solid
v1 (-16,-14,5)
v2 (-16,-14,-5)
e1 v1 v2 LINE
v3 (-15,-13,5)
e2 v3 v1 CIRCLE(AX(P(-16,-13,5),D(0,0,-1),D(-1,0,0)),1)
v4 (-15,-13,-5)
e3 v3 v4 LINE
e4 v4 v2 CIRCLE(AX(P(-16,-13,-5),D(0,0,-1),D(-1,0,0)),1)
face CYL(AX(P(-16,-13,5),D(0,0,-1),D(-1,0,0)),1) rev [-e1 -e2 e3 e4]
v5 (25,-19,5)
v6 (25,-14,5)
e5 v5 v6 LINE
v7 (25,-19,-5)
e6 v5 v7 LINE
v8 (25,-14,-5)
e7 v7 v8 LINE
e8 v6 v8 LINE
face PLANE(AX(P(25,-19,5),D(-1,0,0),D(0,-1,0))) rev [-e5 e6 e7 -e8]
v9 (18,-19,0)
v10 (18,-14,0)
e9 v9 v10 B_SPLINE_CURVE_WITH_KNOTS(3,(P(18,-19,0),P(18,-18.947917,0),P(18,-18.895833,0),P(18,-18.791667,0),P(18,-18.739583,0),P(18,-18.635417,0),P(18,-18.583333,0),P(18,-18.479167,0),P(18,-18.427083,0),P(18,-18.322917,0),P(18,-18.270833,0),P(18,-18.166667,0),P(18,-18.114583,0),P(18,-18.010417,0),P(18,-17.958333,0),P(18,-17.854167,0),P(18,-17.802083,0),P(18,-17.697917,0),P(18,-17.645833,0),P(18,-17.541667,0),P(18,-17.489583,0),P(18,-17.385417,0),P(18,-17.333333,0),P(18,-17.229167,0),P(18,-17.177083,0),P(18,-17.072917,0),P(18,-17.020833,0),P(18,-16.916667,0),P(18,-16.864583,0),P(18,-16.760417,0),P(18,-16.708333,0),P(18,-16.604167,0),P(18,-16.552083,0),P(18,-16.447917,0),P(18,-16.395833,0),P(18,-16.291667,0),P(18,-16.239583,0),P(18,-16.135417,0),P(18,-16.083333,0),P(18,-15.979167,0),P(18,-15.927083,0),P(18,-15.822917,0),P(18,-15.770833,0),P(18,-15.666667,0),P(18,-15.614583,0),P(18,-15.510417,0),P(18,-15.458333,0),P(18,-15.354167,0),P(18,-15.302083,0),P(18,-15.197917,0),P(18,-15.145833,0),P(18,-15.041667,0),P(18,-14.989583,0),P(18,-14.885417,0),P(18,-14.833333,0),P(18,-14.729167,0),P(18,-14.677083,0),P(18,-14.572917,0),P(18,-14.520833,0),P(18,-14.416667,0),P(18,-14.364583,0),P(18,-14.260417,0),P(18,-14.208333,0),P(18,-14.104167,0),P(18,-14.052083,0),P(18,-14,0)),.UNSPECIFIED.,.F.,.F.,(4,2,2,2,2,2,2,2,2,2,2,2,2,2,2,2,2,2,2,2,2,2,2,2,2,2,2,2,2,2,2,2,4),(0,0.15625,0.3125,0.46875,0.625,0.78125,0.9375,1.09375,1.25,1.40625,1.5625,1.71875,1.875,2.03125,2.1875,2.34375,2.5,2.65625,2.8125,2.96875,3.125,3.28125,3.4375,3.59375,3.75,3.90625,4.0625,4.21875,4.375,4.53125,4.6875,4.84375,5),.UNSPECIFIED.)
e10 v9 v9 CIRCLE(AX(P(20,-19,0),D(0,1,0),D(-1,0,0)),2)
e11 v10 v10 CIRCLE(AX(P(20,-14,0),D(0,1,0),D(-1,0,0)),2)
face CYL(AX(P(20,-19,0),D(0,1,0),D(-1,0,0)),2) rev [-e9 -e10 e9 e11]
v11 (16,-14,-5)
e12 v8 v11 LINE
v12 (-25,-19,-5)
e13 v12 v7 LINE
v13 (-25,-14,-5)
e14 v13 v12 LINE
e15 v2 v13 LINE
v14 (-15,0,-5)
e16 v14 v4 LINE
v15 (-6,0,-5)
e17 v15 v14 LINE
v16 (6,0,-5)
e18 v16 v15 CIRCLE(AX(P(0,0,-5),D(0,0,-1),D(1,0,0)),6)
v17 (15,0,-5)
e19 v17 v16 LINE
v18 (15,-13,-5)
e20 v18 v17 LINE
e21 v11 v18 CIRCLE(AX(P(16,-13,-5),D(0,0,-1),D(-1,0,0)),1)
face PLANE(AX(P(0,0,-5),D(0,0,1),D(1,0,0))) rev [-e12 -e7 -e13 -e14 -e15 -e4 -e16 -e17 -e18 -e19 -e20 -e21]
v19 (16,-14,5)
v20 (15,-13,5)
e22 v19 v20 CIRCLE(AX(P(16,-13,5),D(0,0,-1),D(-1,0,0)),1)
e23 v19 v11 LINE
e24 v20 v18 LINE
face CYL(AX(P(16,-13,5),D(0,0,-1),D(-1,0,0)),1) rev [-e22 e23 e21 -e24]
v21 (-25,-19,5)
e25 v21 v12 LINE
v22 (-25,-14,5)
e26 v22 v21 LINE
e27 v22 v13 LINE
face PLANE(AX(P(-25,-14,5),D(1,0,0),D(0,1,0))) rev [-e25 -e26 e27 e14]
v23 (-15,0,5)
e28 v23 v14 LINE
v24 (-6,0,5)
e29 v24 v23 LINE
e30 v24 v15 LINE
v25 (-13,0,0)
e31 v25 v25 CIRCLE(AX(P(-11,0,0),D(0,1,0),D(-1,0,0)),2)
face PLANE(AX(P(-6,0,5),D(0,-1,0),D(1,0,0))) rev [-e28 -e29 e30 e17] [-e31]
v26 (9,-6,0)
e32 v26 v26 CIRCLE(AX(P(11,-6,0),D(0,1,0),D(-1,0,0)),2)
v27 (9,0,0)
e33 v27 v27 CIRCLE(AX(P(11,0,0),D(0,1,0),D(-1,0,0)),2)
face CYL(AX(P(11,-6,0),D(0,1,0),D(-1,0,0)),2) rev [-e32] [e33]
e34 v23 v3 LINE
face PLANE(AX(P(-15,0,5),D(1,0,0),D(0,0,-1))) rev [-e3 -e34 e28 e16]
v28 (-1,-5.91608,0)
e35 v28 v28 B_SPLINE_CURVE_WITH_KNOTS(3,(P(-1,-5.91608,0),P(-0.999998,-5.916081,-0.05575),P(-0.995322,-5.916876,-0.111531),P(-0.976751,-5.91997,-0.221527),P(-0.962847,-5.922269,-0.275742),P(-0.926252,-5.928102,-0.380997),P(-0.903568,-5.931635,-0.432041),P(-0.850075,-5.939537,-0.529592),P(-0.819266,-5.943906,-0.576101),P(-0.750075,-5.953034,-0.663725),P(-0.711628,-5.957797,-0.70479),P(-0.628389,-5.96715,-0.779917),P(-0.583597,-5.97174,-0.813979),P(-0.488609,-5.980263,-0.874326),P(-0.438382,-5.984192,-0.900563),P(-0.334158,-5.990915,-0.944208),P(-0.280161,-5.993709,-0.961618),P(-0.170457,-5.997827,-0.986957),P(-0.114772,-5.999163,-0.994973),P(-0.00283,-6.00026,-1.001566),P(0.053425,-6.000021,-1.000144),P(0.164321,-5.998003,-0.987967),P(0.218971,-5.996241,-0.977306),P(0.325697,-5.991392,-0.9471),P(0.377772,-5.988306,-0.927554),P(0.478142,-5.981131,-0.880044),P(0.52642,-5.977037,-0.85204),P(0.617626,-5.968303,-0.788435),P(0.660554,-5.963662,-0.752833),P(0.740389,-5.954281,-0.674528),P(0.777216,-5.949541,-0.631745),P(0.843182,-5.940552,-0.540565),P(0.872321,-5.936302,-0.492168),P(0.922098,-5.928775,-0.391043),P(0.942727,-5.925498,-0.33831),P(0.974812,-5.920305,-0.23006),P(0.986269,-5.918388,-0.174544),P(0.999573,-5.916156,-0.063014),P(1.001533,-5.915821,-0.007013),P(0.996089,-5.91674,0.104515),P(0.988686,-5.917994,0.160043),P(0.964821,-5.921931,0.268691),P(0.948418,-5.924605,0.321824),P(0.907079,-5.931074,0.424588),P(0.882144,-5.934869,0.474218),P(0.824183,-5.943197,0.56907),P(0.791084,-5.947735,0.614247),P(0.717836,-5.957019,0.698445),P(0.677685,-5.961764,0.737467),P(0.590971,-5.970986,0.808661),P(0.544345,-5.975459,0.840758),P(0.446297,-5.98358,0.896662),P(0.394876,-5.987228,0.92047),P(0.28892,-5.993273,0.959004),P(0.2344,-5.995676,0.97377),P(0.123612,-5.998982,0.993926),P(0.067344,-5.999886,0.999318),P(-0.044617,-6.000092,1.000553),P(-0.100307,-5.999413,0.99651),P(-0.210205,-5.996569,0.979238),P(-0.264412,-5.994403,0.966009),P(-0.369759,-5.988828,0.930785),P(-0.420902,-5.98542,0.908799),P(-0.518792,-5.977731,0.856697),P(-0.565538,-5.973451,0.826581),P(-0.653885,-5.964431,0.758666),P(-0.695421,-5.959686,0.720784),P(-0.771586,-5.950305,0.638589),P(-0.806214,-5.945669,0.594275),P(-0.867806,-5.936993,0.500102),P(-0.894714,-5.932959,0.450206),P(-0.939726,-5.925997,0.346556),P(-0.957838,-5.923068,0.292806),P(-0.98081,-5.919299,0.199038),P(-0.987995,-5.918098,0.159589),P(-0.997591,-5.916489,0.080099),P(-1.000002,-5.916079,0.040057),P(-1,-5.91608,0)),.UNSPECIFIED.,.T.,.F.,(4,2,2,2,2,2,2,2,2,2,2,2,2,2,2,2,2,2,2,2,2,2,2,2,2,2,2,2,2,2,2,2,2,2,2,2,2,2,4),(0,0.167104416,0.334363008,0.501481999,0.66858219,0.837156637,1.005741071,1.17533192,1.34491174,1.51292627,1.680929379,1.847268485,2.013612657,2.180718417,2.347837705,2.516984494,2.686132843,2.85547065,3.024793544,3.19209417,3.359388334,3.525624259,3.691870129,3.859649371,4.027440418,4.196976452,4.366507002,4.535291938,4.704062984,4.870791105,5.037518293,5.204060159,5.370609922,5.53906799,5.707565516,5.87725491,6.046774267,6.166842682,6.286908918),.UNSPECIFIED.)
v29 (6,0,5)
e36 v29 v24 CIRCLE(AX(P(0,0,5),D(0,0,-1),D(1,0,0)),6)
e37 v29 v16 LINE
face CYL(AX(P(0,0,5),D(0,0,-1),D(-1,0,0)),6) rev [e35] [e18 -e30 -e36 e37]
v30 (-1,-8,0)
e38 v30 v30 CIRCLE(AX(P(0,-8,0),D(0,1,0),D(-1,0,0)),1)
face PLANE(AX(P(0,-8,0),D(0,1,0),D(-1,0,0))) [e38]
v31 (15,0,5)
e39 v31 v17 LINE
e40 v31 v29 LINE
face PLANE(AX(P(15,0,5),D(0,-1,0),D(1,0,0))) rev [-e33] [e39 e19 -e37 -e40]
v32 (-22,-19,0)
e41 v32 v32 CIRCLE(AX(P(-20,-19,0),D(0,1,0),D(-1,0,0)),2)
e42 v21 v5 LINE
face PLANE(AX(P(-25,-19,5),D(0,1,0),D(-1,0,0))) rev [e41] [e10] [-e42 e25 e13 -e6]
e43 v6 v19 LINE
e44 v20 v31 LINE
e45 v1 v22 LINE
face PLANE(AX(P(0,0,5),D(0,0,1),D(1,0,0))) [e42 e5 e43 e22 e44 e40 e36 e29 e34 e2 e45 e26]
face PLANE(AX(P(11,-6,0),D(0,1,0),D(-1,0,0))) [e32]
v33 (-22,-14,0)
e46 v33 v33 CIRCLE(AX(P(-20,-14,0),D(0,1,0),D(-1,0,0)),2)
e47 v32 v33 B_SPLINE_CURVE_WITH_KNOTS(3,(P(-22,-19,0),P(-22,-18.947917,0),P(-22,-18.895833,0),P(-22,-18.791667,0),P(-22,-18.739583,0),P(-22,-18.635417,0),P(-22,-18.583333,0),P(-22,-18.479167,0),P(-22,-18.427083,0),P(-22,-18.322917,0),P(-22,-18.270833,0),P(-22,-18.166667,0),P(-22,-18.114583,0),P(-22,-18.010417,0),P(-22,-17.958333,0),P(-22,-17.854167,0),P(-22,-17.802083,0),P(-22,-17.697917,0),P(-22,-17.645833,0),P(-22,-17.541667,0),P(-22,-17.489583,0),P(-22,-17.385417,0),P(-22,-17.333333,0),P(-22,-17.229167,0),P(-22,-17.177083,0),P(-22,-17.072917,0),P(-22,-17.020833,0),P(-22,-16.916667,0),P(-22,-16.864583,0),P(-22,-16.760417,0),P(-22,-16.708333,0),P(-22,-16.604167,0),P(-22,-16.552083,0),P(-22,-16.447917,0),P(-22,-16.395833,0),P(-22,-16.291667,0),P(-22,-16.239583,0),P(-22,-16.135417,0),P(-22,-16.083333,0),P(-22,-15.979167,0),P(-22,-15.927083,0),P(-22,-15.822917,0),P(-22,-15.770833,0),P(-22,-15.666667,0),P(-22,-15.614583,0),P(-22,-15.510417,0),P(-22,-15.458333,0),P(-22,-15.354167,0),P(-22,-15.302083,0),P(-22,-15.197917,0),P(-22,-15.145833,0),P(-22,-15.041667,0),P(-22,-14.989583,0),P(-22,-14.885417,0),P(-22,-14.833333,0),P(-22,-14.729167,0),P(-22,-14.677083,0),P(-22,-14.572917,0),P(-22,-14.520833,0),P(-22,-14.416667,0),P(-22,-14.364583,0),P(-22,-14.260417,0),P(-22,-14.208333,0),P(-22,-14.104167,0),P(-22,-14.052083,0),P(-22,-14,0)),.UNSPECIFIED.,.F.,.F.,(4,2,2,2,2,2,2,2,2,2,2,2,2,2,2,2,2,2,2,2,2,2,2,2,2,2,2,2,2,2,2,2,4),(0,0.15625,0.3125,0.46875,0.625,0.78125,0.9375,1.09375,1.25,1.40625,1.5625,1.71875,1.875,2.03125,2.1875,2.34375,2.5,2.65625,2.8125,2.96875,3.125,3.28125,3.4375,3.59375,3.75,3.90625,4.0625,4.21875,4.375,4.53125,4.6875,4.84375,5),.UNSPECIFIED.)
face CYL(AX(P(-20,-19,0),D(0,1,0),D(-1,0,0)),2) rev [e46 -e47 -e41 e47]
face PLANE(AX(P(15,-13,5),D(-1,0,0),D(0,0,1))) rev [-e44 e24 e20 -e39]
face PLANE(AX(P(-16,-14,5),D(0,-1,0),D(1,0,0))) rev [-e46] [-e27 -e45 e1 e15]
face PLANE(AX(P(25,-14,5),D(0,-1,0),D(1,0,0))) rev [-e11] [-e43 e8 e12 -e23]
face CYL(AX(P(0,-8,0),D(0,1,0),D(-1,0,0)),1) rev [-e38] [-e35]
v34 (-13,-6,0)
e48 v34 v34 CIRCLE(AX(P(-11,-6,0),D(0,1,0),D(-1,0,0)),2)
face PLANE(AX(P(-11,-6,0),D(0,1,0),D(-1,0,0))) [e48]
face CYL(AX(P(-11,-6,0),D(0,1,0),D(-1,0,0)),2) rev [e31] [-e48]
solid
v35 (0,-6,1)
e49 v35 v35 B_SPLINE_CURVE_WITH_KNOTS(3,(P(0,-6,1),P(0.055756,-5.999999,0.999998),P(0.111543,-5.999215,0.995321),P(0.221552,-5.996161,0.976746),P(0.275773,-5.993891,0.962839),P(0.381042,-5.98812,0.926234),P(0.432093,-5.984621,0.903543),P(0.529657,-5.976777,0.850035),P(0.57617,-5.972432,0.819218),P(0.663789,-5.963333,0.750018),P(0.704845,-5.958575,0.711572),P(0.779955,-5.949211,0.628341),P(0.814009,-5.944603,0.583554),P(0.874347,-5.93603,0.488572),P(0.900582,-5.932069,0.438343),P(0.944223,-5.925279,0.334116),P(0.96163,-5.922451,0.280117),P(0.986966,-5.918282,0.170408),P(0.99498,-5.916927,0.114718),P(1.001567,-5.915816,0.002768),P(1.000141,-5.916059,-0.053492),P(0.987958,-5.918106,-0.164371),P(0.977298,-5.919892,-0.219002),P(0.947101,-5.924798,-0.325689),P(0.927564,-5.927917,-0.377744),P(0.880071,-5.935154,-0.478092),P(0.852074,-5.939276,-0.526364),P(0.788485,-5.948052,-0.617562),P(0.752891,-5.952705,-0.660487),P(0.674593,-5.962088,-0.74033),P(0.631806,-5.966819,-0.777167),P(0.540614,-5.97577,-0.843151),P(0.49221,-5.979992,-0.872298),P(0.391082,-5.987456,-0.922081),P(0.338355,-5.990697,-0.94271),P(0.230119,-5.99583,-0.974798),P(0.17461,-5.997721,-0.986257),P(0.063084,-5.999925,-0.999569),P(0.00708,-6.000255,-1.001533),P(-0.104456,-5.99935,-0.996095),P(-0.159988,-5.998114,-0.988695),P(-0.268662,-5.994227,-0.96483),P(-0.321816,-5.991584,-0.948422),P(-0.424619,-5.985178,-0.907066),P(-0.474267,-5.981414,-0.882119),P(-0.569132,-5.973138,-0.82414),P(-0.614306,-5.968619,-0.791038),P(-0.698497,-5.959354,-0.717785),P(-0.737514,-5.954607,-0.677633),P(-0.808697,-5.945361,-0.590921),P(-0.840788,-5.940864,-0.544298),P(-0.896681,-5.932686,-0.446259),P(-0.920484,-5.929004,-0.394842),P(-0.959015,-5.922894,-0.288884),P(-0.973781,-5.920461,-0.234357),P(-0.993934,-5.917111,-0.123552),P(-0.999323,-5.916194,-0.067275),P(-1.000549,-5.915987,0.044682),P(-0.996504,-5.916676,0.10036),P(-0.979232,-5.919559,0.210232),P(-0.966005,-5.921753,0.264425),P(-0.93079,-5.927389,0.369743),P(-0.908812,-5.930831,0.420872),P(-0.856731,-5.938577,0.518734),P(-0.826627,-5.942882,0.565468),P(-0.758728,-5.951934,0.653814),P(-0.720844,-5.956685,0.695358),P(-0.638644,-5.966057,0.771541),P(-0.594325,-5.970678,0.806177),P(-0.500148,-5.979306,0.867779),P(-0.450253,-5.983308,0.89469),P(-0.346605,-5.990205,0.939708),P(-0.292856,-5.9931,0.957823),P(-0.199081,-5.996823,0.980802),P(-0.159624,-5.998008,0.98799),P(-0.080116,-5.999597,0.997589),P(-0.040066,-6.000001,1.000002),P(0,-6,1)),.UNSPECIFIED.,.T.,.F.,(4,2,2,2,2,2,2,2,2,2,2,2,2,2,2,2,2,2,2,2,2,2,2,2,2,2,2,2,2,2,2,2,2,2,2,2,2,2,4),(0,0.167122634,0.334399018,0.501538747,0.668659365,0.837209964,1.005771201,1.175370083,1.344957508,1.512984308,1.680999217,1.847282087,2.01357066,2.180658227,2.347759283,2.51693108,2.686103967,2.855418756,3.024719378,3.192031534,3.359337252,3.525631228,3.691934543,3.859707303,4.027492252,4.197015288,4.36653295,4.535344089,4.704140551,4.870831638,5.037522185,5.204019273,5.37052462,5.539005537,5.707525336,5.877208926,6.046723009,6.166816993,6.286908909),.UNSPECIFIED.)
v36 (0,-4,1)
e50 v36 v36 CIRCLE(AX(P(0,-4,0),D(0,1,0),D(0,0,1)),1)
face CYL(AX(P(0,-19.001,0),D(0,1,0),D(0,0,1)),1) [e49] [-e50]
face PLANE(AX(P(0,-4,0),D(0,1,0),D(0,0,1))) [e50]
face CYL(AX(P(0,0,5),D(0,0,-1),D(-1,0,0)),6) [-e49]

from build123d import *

# Parameters (mm, degrees)
BOSS_EXTRUDE1_DEPTH      = 5
SKETCH2_R                = 2
CUT_EXTRUDE1_DEPTH       = 30.086079144
SKETCH3_R                = 2
CUT_EXTRUDE2_DEPTH       = 6
SKETCH4_R                = 1
CUT_EXTRUDE3_DEPTH       = 8
BOSS_EXTRUDE3_REACH      = 31.58
BOSS_EXTRUDE3_END_RADIUS = 6
SKETCH5_R                = 1


with BuildPart() as part:
    # Sketch1 → Boss-Extrude1 (new, symmetric)
    with BuildSketch(Plane.XY):
        with BuildLine():
            Line((-6, 0), (-15, 0))
            Line((-15, 0), (-15, -13))
            ThreePointArc((-15, -13), (-15.292893219, -13.707106781), (-16, -14))
            Line((-16, -14), (-25, -14))
            Line((-25, -14), (-25, -19))
            Line((-25, -19), (25, -19))
            Line((25, -19), (25, -14))
            Line((25, -14), (16, -14))
            ThreePointArc((16, -14), (15.292893219, -13.707106781), (15, -13))
            Line((15, -13), (15, 0))
            Line((15, 0), (6, 0))
            ThreePointArc((6, 0), (0, -6), (-6, 0))
        make_face()
    extrude(amount=BOSS_EXTRUDE1_DEPTH, both=True)

    # Sketch2 → Cut-Extrude1 (cut, through all)
    with BuildSketch(Plane(origin=(0, -14, 0), x_dir=(1, 0, 0), z_dir=(0, 1, 0))):
        with Locations(Location((-20, 0, 0), (0, 0, 180))):
            Circle(SKETCH2_R)
        with Locations(Location((20, 0, 0), (0, 0, 180))):
            Circle(SKETCH2_R)
    extrude(amount=-CUT_EXTRUDE1_DEPTH, mode=Mode.SUBTRACT)

    # Sketch3 → Cut-Extrude2 (cut)
    with BuildSketch(Plane(origin=(0, 0, 0), x_dir=(1, 0, 0), z_dir=(0, 1, 0))):
        with Locations(Location((-11, 0, 0), (0, 0, 180))):
            Circle(SKETCH3_R)
        with Locations(Location((11, 0, 0), (0, 0, 180))):
            Circle(SKETCH3_R)
    extrude(amount=-CUT_EXTRUDE2_DEPTH, mode=Mode.SUBTRACT)

    # Sketch4 → Cut-Extrude3 (cut)
    with BuildSketch(Plane(origin=(0, 0, 0), x_dir=(1, 0, 0), z_dir=(0, 1, 0))):
        with Locations(Location((0, 0, 0), (0, 0, 180))):
            Circle(SKETCH4_R)
    extrude(amount=-CUT_EXTRUDE3_DEPTH, mode=Mode.SUBTRACT)


with BuildPart() as body_2:
    # Boss-Extrude3: up to this cylinder (the profile starts inside it)
    boss_extrude3_end = Plane(origin=(0, 0, 0), z_dir=(0, 0, -1)) * Cylinder(BOSS_EXTRUDE3_END_RADIUS, 76.16, mode=Mode.PRIVATE)
    # Sketch5 → Boss-Extrude3 (new, up to the surface)
    with BuildSketch(Plane(origin=(0, -4, 0), x_dir=(1, 0, 0), z_dir=(0, 1, 0)), mode=Mode.PRIVATE) as boss_extrude3_sk1:
        with Locations(Location((0, 0, 0), (0, 0, 270))):
            Circle(SKETCH5_R)
    boss_extrude3_tool1 = extrude(boss_extrude3_sk1.sketch, amount=-BOSS_EXTRUDE3_REACH, mode=Mode.PRIVATE) & boss_extrude3_end
    add(boss_extrude3_tool1.solids().sort_by_distance((0, -4, 0))[0])


solid = Compound([part.part, body_2.part])
